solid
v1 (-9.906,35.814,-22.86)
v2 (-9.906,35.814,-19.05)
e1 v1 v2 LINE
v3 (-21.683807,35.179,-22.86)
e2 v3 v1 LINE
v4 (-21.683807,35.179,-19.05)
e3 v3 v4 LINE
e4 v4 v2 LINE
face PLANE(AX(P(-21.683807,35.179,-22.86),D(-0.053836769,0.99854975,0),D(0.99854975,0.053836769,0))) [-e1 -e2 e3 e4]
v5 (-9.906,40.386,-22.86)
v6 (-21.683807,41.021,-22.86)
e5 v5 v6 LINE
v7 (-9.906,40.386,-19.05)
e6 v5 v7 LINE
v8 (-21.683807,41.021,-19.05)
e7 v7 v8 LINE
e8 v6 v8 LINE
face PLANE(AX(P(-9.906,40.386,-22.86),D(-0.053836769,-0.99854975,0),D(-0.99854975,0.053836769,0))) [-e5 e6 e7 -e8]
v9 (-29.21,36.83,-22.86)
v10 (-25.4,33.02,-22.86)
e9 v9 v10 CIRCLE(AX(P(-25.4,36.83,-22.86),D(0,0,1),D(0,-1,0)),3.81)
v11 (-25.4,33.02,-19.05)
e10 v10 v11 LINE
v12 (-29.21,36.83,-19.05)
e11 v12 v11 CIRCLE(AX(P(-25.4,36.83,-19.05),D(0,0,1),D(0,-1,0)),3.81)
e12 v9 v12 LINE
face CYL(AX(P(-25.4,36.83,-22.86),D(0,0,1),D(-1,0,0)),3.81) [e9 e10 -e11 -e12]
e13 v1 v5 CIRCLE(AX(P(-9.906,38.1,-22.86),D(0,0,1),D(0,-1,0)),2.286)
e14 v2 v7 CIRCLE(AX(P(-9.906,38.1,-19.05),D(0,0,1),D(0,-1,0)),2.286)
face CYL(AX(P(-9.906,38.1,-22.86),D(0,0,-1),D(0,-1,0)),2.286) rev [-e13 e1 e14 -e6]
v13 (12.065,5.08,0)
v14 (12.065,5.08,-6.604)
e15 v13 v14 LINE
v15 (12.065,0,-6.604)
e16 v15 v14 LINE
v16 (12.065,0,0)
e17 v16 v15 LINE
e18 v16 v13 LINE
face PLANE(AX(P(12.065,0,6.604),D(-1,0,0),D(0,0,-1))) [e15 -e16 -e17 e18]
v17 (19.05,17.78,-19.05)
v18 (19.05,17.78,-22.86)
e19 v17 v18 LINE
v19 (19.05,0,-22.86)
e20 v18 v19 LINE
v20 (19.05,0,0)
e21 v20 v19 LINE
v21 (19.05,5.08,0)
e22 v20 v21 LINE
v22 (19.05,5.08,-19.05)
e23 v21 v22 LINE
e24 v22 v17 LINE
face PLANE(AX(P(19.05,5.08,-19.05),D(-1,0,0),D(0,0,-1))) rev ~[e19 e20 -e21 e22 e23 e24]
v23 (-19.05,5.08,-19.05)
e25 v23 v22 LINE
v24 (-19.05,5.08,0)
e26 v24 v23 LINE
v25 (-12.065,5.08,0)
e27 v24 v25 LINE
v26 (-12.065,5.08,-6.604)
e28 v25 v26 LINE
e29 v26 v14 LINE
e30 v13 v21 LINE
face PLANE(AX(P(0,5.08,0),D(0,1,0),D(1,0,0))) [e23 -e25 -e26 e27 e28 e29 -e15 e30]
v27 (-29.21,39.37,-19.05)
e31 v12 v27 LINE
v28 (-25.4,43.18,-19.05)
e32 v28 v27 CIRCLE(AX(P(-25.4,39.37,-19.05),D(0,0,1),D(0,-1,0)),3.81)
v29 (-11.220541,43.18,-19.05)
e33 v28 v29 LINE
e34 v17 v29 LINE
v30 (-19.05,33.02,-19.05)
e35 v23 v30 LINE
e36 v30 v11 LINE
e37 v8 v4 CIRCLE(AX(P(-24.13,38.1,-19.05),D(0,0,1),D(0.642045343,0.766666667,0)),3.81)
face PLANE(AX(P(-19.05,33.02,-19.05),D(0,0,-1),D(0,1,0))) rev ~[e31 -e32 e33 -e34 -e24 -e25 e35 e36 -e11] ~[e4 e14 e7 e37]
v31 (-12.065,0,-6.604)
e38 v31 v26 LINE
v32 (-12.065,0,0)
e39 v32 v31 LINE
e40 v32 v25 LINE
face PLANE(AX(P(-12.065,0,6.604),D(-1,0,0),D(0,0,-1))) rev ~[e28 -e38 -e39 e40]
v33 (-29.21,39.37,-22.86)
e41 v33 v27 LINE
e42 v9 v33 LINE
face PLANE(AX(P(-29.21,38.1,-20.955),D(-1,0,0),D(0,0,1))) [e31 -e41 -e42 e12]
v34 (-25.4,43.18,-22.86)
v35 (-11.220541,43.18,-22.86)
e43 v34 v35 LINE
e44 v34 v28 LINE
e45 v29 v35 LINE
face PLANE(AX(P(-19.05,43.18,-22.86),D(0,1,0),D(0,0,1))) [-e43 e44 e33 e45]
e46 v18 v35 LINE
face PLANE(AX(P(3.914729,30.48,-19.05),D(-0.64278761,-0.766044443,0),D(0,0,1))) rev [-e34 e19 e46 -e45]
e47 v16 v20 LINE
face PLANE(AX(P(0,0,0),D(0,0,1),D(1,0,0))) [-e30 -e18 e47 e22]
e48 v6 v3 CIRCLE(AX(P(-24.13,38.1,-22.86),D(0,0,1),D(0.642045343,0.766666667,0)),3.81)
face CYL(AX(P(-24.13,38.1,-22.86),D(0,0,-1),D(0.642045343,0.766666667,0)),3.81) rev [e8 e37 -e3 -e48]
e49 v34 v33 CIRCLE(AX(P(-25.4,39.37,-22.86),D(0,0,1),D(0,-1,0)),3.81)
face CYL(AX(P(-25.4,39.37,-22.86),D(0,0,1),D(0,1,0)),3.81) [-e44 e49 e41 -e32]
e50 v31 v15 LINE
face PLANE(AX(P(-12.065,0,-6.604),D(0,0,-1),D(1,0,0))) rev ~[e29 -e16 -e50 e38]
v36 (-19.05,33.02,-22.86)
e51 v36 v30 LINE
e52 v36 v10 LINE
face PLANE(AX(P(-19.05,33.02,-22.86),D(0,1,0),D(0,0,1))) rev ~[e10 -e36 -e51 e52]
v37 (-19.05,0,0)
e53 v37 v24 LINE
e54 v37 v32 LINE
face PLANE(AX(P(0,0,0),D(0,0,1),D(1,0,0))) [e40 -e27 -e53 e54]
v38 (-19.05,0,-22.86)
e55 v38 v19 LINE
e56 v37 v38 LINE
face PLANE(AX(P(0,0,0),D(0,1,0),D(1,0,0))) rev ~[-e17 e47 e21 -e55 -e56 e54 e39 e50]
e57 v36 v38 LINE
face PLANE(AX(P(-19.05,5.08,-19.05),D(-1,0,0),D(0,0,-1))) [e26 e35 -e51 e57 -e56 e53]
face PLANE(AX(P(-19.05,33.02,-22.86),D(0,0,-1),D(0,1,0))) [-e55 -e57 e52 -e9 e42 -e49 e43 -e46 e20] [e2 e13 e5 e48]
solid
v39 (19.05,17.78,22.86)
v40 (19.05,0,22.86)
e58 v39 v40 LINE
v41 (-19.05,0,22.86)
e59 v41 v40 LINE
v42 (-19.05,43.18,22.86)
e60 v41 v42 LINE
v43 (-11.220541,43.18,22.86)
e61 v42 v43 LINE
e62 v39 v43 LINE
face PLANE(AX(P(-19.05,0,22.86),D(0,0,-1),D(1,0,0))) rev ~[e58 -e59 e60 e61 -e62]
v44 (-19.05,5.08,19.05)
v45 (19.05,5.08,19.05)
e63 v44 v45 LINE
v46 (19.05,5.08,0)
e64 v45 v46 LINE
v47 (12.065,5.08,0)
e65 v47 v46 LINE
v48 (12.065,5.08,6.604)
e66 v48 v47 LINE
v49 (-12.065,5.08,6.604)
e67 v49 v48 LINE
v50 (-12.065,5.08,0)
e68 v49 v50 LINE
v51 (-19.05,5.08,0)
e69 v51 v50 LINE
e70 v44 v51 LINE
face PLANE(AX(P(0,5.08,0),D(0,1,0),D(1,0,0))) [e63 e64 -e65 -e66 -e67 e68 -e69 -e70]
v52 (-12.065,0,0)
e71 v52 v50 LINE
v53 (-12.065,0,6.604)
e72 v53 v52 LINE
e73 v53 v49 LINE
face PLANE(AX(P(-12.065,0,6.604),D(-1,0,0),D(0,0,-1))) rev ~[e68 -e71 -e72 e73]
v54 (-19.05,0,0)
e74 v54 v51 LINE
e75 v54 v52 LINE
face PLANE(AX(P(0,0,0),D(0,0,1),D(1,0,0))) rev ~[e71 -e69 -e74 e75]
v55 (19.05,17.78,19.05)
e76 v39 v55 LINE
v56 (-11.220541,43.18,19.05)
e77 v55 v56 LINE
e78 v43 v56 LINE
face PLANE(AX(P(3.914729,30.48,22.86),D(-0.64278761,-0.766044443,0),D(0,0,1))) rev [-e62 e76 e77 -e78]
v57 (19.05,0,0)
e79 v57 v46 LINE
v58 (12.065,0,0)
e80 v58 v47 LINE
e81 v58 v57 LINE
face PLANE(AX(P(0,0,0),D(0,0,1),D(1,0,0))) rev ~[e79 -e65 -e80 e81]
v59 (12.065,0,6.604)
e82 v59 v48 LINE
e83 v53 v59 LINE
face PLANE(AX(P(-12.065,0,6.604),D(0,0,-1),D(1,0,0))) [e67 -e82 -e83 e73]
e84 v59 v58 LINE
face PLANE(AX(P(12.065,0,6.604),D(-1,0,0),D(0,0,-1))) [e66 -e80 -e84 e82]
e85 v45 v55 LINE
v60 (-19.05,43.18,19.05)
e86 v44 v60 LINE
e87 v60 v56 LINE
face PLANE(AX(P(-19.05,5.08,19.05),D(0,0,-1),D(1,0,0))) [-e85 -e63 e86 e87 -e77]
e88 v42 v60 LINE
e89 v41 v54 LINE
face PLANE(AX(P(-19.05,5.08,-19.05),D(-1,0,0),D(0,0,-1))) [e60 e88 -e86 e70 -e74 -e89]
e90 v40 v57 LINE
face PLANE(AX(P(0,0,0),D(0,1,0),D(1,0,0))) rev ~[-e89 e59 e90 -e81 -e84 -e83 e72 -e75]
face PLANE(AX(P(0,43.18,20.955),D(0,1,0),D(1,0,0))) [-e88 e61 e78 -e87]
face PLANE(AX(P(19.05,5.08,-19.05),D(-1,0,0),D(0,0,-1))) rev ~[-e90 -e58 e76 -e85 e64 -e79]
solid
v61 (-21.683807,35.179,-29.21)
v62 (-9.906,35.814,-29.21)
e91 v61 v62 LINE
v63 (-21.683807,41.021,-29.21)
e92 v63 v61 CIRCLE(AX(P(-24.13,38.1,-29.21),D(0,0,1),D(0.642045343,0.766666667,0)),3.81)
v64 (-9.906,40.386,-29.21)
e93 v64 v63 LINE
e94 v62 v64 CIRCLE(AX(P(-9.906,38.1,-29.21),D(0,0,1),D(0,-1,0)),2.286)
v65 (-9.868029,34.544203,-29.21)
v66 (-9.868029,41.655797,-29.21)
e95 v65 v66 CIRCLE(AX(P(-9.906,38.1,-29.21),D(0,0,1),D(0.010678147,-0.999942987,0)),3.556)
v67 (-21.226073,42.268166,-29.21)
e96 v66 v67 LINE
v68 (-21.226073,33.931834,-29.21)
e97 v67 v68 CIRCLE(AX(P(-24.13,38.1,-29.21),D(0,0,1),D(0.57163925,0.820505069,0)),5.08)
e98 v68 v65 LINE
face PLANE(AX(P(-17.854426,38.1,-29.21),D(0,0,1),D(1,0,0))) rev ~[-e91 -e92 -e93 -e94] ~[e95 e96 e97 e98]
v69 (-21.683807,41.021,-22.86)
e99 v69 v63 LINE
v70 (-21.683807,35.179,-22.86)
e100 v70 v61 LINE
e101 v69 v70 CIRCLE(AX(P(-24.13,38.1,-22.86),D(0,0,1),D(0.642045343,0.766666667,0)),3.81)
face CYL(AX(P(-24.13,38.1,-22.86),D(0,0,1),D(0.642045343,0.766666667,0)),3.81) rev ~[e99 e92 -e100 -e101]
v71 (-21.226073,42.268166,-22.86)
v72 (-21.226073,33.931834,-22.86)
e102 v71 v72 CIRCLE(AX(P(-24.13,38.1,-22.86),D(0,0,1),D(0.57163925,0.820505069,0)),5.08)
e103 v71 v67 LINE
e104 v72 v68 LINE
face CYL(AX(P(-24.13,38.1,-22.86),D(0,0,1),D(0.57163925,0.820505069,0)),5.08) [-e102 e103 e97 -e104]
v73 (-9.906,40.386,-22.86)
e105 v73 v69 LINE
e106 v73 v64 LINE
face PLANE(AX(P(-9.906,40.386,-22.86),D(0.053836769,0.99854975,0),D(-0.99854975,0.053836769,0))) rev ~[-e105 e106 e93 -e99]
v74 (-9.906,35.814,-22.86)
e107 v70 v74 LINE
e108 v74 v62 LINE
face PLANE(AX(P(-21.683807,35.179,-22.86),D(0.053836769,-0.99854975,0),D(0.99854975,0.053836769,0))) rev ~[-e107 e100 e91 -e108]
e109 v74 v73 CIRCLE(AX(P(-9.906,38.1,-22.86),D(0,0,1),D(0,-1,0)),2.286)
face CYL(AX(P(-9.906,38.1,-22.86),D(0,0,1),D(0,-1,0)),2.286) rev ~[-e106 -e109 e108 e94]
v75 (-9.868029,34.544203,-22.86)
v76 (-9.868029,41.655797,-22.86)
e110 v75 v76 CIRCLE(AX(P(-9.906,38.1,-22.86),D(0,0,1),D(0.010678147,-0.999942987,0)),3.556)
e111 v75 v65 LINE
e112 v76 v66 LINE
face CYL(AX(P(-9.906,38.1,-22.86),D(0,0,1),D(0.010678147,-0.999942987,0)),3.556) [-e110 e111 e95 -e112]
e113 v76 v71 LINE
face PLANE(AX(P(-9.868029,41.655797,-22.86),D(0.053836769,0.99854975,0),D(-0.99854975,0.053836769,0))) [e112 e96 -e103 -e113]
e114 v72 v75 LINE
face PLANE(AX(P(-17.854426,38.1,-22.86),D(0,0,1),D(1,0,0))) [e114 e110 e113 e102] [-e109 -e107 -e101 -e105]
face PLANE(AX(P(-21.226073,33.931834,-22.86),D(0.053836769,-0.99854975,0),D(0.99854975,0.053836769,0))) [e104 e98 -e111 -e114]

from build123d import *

# Parameters (mm, degrees)
SKETCH1_W           = 38.1
SKETCH1_H           = 45.72
SKETCH1_W_2         = 24.13
SKETCH1_H_2         = 13.208
BOSS_EXTRUDE1_DEPTH = 5.08
SKETCH2_W           = 38.1
SKETCH2_H           = 3.81
BOSS_EXTRUDE2_DEPTH = 38.1
CHAMFER1_SIZE       = 25.4
CHAMFER1_SIZE2      = 30.270541252
SKETCH3_W           = 3.81
SKETCH3_H           = 10.16
BOSS_EXTRUDE3_DEPTH = 10.16
FILLET1_R           = 3.81
EXTRUDE_THIN2_DEPTH = 6.35
CUT_EXTRUDE3_DEPTH  = 3.81


with BuildPart() as part:
    # Sketch1 → Boss-Extrude1 (new body)
    with BuildSketch(Plane(origin=(0, 0, 0), x_dir=(1, 0, 0), z_dir=(0, 1, 0))):
        Rectangle(SKETCH1_W, SKETCH1_H)
        Rectangle(SKETCH1_W_2, SKETCH1_H_2, mode=Mode.SUBTRACT)
    extrude(amount=BOSS_EXTRUDE1_DEPTH)

    # Sketch2 → Boss-Extrude2 (add)
    with BuildSketch(Plane(origin=(0, 5.08, 0), x_dir=(1, 0, 0), z_dir=(0, 1, 0))):
        with Locations((0, 20.955)):
            Rectangle(SKETCH2_W, SKETCH2_H)
        with Locations((0, -20.955)):
            Rectangle(SKETCH2_W, SKETCH2_H)
    extrude(amount=BOSS_EXTRUDE2_DEPTH)

    # Chamfer1
    chamfer1_edges = [part.edges().sort_by_distance(p)[0] for p in [
        (19.05, 43.18, -20.955),
        (19.05, 43.18, 20.955),
    ]]
    chamfer1_side = [part.faces().sort_by_distance(p)[0] for p in [
        (19.05, 21.59, 22.231125545),
    ]]
    chamfer(chamfer1_edges, length=CHAMFER1_SIZE, length2=CHAMFER1_SIZE2, reference=chamfer1_side[0])

    # Sketch3 → Boss-Extrude3 (add)
    with BuildSketch(Plane.ZY.offset(19.05)):
        with Locations((-20.955, 38.1)):
            Rectangle(SKETCH3_W, SKETCH3_H)
    extrude(amount=BOSS_EXTRUDE3_DEPTH)

    # Fillet1
    fillet1_edges = [part.edges().sort_by_distance(p)[0] for p in [
        (-29.21, 33.02, -20.955),
        (-29.21, 43.18, -20.955),
    ]]
    fillet(fillet1_edges, radius=FILLET1_R)

    # Sketch6 → Cut-Extrude3 (cut)
    with BuildSketch(Plane(origin=(0, 0, -22.86), x_dir=(-1, 0, 0), z_dir=(0, 0, -1))):
        with BuildLine():
            Line((9.906, 40.386), (21.683807244, 41.021))
            ThreePointArc((21.683807244, 41.021), (27.94, 38.1), (21.683807244, 35.179))
            Line((21.683807244, 35.179), (9.906, 35.814))
            ThreePointArc((9.906, 35.814), (7.62, 38.1), (9.906, 40.386))
        make_face()
    extrude(amount=-CUT_EXTRUDE3_DEPTH, mode=Mode.SUBTRACT)


with BuildPart() as body_2:
    # Sketch4 → Extrude-Thin2 (new body)
    with BuildSketch(Plane(origin=(0, 0, -22.86), x_dir=(-1, 0, 0), z_dir=(0, 0, -1))):
        with BuildLine():
            Line((9.868028508, 41.655797262), (21.226072609, 42.268165749))
            ThreePointArc((21.226072609, 42.268165749), (29.21, 38.1), (21.226072609, 33.931834251))
            Line((21.226072609, 33.931834251), (9.868028508, 34.544202738))
            ThreePointArc((9.868028508, 34.544202738), (6.35, 38.1), (9.868028508, 41.655797262))
        make_face()
        with BuildLine():
            Line((9.906, 40.386), (21.683807244, 41.021))
            ThreePointArc((21.683807244, 41.021), (27.94, 38.1), (21.683807244, 35.179))
            Line((21.683807244, 35.179), (9.906, 35.814))
            ThreePointArc((9.906, 35.814), (7.62, 38.1), (9.906, 40.386))
        make_face(mode=Mode.SUBTRACT)
    extrude(amount=EXTRUDE_THIN2_DEPTH)


with BuildPart() as body_3:
    # Split1: the piece on the far side of the plane
    add(part.part)
    split(bisect_by=Plane.XY, keep=Keep.BOTTOM)


with BuildPart() as part_1:
    add(part.part)

    # Split1
    split(bisect_by=Plane.XY, keep=Keep.TOP)


solid = Compound([body_2.part, body_3.part, part_1.part])
